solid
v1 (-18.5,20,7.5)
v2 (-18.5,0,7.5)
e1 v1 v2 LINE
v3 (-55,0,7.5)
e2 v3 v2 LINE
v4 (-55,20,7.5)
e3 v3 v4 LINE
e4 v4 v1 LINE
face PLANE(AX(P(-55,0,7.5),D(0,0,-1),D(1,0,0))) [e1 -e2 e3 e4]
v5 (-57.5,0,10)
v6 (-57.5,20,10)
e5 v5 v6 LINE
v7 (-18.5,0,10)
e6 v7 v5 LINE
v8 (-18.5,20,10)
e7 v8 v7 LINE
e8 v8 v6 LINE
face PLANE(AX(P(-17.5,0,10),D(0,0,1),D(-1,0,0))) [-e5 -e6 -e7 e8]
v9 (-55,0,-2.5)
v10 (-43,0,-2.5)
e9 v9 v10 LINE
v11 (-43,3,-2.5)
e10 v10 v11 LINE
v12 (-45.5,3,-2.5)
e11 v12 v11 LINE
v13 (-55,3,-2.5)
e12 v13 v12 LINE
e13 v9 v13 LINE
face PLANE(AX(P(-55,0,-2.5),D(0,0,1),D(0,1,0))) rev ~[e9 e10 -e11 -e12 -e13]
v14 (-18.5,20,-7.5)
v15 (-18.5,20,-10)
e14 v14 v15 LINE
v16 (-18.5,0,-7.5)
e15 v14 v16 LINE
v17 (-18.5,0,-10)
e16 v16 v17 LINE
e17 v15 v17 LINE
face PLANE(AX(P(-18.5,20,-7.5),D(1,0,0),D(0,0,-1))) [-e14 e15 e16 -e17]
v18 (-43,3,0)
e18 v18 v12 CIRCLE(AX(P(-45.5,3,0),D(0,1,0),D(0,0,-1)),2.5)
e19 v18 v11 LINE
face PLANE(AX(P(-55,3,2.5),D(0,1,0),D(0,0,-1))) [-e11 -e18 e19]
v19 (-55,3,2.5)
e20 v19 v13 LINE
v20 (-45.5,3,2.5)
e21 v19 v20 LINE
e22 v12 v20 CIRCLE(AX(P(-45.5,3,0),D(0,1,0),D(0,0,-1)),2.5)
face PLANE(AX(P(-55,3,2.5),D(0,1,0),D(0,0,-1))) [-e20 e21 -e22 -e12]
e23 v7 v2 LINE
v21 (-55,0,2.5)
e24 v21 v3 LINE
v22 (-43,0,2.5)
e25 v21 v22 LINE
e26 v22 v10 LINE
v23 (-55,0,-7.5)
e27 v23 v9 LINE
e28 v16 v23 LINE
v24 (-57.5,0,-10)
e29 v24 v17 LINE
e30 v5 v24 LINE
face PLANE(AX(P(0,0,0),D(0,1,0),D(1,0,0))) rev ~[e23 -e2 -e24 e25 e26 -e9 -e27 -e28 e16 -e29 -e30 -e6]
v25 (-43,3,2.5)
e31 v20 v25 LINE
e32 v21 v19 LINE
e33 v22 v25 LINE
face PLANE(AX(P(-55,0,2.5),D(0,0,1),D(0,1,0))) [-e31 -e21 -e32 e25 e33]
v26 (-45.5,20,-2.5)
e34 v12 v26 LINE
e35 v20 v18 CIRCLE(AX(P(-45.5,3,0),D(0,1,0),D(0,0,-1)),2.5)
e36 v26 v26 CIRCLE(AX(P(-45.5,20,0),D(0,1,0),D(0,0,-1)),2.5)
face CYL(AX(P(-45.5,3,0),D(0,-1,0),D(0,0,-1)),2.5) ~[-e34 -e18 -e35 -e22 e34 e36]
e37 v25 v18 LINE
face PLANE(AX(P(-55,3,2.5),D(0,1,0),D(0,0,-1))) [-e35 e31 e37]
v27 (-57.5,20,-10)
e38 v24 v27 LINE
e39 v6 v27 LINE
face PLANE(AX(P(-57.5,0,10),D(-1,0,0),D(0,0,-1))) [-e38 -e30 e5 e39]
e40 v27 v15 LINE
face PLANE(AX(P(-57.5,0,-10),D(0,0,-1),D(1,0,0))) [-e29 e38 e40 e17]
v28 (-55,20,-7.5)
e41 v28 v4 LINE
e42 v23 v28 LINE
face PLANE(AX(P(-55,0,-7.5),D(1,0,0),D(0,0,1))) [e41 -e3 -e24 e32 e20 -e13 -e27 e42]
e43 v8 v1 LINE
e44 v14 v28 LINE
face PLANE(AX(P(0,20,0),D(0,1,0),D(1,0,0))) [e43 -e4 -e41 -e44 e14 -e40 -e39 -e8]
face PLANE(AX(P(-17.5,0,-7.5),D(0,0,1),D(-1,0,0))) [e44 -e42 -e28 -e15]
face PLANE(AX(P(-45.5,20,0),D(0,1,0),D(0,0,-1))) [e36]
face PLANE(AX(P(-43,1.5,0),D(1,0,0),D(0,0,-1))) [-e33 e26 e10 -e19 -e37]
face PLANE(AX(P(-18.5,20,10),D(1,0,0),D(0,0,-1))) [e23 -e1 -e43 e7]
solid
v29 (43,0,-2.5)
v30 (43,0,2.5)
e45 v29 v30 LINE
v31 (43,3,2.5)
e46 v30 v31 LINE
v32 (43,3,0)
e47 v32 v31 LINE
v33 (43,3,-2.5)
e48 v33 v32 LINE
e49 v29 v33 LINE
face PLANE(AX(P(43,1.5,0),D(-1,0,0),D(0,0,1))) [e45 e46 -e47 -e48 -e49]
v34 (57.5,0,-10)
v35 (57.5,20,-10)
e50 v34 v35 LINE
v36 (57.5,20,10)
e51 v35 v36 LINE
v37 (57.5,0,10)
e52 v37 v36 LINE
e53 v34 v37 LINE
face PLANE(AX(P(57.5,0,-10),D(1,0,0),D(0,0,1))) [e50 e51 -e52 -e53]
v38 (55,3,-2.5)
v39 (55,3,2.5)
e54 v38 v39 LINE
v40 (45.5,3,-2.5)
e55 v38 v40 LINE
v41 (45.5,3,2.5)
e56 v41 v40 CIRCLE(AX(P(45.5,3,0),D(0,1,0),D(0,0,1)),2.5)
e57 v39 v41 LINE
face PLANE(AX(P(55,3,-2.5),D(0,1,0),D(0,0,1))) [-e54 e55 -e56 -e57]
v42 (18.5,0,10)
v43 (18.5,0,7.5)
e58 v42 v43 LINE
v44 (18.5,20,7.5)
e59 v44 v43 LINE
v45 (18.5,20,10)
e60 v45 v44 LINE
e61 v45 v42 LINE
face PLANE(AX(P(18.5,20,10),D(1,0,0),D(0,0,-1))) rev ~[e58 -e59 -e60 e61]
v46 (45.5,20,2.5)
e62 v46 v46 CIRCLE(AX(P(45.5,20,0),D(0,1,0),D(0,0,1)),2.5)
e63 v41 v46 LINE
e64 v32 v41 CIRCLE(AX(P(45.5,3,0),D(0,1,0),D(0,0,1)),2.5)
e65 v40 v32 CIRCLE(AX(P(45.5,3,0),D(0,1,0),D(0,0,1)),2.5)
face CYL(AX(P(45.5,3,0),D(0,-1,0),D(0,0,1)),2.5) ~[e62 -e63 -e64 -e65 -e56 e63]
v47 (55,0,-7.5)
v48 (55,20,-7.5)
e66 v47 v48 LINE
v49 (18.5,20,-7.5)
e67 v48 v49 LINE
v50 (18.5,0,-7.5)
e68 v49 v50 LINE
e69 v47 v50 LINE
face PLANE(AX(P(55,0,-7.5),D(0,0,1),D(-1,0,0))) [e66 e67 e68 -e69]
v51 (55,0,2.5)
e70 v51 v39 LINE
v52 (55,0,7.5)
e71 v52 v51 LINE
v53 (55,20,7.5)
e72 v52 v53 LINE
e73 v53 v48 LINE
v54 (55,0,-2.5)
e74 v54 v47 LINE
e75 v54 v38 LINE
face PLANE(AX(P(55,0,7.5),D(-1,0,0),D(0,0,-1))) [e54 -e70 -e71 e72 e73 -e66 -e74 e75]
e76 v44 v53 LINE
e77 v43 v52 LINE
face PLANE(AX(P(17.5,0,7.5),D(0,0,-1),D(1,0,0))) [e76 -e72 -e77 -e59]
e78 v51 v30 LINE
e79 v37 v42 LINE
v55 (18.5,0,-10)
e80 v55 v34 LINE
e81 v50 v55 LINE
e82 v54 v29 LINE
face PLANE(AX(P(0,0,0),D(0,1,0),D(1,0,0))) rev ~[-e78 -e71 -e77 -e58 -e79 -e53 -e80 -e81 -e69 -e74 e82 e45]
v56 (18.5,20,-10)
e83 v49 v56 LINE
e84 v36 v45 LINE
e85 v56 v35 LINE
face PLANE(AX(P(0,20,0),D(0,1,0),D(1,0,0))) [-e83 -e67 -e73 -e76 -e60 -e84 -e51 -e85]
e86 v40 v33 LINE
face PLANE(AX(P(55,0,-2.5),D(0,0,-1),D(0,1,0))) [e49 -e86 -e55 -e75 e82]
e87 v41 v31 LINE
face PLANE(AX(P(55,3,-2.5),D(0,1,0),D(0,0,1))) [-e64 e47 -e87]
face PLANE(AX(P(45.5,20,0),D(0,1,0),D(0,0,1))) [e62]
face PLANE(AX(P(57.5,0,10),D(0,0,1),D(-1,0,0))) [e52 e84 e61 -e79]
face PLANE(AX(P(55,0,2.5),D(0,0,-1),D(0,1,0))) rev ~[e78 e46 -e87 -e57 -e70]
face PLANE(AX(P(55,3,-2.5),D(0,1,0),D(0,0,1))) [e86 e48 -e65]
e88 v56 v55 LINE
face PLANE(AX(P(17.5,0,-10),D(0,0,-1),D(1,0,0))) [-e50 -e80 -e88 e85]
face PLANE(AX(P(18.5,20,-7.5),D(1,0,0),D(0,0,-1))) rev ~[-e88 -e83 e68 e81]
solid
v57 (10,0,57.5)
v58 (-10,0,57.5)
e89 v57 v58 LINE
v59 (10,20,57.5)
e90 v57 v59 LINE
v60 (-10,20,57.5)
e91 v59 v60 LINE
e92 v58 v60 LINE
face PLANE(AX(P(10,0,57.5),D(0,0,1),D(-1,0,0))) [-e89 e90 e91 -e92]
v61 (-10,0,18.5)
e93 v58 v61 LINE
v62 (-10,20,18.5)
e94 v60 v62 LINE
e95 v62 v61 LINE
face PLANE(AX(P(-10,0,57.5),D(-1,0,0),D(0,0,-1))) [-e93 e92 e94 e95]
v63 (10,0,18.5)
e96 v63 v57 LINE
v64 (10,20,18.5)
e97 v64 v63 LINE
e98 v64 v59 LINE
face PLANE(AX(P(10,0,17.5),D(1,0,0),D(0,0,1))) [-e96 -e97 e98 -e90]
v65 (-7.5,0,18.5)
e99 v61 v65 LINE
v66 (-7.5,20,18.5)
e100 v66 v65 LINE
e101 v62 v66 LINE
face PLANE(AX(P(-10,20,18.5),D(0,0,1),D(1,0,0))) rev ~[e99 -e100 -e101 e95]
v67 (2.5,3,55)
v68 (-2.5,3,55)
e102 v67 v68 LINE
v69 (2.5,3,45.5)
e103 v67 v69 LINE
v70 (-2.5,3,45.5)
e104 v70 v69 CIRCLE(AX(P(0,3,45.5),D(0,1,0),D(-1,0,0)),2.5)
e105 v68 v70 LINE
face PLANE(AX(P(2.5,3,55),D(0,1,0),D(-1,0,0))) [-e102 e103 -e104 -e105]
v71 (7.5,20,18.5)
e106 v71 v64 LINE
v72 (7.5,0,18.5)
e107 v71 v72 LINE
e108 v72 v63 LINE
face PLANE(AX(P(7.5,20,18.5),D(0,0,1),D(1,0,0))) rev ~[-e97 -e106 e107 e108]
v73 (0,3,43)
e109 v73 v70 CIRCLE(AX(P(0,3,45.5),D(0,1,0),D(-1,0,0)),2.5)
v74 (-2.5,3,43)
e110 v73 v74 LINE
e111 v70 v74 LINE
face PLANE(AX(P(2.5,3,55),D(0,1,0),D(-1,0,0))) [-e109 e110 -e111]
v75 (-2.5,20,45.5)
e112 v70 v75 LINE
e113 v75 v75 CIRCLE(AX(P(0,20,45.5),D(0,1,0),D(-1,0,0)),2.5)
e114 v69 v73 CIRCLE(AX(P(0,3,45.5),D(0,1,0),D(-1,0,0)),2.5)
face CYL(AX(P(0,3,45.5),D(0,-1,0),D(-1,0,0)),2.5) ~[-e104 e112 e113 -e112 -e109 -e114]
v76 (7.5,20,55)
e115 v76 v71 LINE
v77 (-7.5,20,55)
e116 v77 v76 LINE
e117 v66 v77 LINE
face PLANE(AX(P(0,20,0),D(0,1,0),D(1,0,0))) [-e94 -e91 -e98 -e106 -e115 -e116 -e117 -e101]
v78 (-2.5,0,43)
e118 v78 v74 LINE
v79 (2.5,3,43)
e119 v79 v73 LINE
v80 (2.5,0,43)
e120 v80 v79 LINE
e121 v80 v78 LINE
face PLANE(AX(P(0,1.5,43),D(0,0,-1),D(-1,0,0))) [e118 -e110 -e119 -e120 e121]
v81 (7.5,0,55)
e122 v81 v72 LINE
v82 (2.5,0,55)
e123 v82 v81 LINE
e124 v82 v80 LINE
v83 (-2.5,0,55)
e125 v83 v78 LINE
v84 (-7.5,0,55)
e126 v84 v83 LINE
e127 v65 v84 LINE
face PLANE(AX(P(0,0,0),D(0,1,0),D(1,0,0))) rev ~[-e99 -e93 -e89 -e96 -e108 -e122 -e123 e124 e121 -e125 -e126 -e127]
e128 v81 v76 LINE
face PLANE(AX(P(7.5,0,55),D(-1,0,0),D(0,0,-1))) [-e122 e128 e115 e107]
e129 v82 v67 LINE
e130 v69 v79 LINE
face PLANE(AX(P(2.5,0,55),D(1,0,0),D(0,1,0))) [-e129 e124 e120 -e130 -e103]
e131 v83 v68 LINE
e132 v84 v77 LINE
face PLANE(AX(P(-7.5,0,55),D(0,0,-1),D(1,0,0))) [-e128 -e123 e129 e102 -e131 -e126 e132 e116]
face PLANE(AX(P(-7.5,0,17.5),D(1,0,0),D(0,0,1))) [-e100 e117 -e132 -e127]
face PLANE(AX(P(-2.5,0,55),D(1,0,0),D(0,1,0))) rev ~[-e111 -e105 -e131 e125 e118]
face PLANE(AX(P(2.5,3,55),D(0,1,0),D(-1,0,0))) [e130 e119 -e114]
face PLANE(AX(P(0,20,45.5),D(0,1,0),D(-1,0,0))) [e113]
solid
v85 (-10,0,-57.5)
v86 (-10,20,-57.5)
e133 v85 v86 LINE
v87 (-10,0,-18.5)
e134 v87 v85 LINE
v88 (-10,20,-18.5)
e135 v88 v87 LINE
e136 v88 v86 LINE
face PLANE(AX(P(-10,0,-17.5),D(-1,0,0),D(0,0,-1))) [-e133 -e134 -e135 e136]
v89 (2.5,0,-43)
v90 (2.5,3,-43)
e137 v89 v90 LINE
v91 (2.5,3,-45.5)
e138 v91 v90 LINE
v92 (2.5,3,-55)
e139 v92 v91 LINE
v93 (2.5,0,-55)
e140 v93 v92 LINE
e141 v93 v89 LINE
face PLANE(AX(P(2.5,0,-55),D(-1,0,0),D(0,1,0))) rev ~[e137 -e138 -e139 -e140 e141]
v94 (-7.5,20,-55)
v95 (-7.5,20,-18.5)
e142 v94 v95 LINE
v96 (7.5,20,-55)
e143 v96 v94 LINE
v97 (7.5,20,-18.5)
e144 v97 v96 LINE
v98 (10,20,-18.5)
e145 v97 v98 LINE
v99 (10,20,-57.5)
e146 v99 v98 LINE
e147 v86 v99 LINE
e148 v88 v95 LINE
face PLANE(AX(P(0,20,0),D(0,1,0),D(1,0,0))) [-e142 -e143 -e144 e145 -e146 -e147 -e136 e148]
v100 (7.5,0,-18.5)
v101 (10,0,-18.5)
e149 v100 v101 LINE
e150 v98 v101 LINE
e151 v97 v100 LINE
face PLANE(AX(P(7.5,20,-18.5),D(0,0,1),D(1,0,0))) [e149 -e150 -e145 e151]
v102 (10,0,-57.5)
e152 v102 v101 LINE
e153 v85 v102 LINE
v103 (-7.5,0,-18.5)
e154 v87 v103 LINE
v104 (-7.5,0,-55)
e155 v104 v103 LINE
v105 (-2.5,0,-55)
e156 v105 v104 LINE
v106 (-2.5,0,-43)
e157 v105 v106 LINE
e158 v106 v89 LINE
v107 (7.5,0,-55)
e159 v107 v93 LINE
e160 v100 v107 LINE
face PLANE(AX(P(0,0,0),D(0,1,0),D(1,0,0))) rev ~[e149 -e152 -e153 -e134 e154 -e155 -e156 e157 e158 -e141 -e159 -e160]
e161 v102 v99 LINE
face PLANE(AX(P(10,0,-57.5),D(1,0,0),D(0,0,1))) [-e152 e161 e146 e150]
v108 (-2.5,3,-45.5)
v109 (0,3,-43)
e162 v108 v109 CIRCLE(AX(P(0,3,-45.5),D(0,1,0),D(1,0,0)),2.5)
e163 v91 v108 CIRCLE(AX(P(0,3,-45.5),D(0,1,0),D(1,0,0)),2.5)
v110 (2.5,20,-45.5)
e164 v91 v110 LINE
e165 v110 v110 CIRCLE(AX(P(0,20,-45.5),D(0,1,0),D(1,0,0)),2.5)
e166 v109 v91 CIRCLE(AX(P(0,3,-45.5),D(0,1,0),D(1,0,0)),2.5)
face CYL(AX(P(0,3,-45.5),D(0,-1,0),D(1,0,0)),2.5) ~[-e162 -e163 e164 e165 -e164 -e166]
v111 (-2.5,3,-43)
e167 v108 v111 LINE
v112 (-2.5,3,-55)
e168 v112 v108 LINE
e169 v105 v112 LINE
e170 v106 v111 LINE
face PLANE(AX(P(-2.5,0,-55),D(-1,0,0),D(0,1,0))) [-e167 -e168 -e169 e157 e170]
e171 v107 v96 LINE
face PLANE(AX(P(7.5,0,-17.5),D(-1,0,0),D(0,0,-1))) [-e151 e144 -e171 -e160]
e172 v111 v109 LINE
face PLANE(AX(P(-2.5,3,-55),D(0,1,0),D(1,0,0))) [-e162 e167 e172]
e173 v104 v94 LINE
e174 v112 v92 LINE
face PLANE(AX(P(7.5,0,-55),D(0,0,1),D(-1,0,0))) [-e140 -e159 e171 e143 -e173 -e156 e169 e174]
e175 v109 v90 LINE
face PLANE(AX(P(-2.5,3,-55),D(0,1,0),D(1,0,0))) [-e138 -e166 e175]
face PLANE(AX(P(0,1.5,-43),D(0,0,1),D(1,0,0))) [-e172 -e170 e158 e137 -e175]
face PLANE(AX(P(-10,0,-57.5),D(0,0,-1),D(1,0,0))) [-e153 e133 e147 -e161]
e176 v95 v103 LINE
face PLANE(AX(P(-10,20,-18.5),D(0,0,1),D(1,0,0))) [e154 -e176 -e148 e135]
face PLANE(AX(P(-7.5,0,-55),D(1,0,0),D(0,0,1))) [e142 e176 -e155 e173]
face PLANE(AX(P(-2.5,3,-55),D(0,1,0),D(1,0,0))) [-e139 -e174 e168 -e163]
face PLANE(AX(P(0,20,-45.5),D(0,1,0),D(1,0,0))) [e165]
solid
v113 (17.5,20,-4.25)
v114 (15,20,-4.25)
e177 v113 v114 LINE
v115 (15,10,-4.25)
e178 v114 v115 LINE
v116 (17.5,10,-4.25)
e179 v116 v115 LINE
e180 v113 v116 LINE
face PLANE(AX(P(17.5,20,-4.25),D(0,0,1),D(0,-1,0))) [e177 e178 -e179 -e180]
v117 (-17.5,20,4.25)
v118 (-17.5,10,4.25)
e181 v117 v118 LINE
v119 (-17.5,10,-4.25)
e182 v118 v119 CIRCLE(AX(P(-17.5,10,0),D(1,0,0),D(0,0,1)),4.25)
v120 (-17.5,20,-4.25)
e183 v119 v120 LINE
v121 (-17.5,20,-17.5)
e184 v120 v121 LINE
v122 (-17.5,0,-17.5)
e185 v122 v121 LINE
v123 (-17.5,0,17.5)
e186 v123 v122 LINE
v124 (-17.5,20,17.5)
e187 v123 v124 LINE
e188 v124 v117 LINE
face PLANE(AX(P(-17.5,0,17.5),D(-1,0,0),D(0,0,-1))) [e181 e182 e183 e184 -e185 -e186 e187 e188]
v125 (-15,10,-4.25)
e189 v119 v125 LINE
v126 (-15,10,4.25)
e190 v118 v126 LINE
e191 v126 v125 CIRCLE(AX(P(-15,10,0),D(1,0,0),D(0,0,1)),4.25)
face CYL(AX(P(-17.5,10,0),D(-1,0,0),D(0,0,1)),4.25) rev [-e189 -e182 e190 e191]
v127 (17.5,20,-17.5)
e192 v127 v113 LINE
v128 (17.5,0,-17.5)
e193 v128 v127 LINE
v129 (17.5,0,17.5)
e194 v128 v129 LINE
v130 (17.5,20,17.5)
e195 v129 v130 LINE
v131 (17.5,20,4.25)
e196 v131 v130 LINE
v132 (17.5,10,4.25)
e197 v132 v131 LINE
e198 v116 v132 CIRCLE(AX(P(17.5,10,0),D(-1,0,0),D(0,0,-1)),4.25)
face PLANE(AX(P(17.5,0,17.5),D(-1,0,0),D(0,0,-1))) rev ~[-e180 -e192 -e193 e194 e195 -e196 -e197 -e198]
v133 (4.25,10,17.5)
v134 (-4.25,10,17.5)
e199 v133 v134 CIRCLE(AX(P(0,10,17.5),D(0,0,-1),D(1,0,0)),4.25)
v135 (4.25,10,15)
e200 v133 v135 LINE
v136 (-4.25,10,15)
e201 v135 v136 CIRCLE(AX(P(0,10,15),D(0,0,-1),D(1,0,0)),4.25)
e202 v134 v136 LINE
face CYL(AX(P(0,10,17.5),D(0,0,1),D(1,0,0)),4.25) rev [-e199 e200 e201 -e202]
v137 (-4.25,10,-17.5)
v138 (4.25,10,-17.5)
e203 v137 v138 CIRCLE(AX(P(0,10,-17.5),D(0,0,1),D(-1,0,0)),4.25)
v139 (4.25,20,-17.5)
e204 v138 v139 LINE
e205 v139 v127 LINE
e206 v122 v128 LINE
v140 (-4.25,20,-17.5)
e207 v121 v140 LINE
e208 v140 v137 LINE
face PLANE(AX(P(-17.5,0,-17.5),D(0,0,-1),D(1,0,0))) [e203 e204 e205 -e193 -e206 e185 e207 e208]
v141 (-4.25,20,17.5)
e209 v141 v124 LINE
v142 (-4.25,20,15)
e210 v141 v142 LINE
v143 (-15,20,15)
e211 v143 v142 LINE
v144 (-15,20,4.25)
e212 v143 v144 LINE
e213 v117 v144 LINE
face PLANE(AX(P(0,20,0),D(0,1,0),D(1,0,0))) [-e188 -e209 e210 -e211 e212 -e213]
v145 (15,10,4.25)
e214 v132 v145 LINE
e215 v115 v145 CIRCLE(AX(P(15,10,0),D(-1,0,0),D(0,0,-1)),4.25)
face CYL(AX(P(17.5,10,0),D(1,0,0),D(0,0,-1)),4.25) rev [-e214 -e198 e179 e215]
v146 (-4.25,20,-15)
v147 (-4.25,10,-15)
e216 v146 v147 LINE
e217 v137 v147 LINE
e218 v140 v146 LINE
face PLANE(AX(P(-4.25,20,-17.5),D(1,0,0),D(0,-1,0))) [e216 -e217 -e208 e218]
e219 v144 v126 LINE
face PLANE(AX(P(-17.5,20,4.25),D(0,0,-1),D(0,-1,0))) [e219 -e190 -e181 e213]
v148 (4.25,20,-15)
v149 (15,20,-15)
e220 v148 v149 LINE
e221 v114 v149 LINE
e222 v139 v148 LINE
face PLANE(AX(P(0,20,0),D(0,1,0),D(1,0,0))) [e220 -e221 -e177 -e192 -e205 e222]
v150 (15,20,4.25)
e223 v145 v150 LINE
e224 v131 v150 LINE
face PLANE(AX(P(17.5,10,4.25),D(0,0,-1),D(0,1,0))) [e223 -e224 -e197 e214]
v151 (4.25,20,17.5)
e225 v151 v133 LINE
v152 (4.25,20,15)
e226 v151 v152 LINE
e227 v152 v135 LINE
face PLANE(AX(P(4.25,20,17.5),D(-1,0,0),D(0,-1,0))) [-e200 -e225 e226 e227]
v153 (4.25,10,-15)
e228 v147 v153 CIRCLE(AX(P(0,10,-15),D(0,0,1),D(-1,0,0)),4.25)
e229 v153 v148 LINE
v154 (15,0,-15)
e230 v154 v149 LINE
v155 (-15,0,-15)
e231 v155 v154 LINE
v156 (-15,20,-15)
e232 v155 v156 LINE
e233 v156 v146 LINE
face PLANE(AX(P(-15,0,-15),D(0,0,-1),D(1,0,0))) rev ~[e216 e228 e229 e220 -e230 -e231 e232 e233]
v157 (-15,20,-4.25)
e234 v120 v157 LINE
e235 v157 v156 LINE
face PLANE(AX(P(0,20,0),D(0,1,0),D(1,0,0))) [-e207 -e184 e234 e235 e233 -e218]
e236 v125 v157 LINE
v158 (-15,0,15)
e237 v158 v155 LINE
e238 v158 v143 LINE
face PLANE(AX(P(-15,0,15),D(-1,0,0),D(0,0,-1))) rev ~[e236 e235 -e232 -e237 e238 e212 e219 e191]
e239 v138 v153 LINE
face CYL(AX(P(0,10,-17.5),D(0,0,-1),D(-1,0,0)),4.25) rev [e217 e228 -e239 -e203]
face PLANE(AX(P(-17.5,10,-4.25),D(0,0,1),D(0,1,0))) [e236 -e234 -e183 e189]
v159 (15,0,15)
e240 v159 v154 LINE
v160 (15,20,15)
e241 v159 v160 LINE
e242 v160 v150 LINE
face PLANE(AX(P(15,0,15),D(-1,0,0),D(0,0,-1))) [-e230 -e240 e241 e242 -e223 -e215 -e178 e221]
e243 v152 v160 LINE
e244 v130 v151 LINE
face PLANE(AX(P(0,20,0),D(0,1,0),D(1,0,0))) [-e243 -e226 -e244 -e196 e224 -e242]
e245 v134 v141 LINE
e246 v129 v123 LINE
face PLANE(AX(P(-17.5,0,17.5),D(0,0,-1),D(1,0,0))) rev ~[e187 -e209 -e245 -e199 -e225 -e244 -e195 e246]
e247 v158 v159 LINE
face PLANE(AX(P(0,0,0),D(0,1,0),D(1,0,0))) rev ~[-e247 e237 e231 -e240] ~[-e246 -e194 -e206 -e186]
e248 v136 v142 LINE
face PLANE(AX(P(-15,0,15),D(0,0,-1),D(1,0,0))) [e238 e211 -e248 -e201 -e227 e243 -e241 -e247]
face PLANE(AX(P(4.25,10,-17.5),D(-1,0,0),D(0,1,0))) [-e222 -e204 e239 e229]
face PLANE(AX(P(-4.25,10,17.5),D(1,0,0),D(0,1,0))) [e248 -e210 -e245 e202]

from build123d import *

# Parameters (mm, degrees)
SKETCH1_W           = 35
SKETCH1_H           = 35
SKETCH1_W_2         = 30
SKETCH1_H_2         = 30
BOSS_EXTRUDE1_DEPTH = 20
CUT_EXTRUDE1_DEPTH  = 2.5
CIRPATTERN1_COUNT   = 4
BOSS_EXTRUDE2_DEPTH = 20
SKETCH6_W           = 5
SKETCH6_H           = 3
BOSS_EXTRUDE3_DEPTH = 12
SKETCH7_R           = 2.5
BOSS_EXTRUDE4_DEPTH = 17
CIRPATTERN6_COUNT   = 4
SKETCH8_W           = 2.5
SKETCH8_H           = 1
SKETCH8_W_2         = 1
SKETCH8_H_2         = 2.5
CUT_EXTRUDE4_DEPTH  = 21


with BuildPart() as part:
    # Sketch1 → Boss-Extrude1 (new body)
    with BuildSketch(Plane(origin=(0, 0, 0), x_dir=(1, 0, 0), z_dir=(0, 1, 0))):
        Rectangle(SKETCH1_W, SKETCH1_H)
        Rectangle(SKETCH1_W_2, SKETCH1_H_2, mode=Mode.SUBTRACT)
    extrude(amount=BOSS_EXTRUDE1_DEPTH)

    # Sketch2 → Cut-Extrude1 (cut)
    with BuildSketch(Plane.ZY.offset(17.5)):
        with BuildLine():
            Line((-4.25, 10), (-4.25, 20))
            Line((-4.25, 20), (4.25, 20))
            Line((4.25, 20), (4.25, 10))
            ThreePointArc((4.25, 10), (0, 5.75), (-4.25, 10))
        make_face()
    cut_extrude1 = extrude(amount=-CUT_EXTRUDE1_DEPTH, mode=Mode.SUBTRACT)

    # CirPattern1: Cut-Extrude1 ×4 about axis
    cirpattern1_axis = Axis((0, 0, 0), (0, 1, 0))
    for i in range(1, CIRPATTERN1_COUNT):
        add(cut_extrude1.rotate(cirpattern1_axis, i * 360 / CIRPATTERN1_COUNT), mode=Mode.SUBTRACT)

    # Sketch5 → Boss-Extrude2 (add)
    with BuildSketch(Plane(origin=(0, 0, 0), x_dir=(1, 0, 0), z_dir=(0, 1, 0))):
        Polygon((7.5, 17.5), (7.5, 55), (-7.5, 55), (-7.5, 17.5), (-10, 17.5), (-10, 57.5), (10, 57.5), (10, 17.5), align=None)
    boss_extrude2 = extrude(amount=BOSS_EXTRUDE2_DEPTH)

    # Sketch6 → Boss-Extrude3 (add)
    with BuildSketch(Plane.XY.offset(-55)):
        with Locations((0, 1.5)):
            Rectangle(SKETCH6_W, SKETCH6_H)
    boss_extrude3 = extrude(amount=BOSS_EXTRUDE3_DEPTH)

    # Sketch7 → Boss-Extrude4 (add)
    with BuildSketch(Plane(origin=(0, 3, 0), x_dir=(1, 0, 0), z_dir=(0, 1, 0))):
        with Locations((0, 45.5)):
            Circle(SKETCH7_R)
    boss_extrude4 = extrude(amount=BOSS_EXTRUDE4_DEPTH)

    # CirPattern6: Boss-Extrude2, Boss-Extrude3, Boss-Extrude4 ×4 about axis
    cirpattern6_axis = Axis((0, 0, 0), (0, 1, 0))
    for i in range(1, CIRPATTERN6_COUNT):
        add(boss_extrude2.rotate(cirpattern6_axis, i * 360 / CIRPATTERN6_COUNT))
        add(boss_extrude3.rotate(cirpattern6_axis, i * 360 / CIRPATTERN6_COUNT))
        add(boss_extrude4.rotate(cirpattern6_axis, i * 360 / CIRPATTERN6_COUNT))

    # Sketch8 → Cut-Extrude4 (cut, through all)
    with BuildSketch(Plane(origin=(0, 20, 0), x_dir=(1, 0, 0), z_dir=(0, 1, 0))):
        with Locations((8.75, 18)):
            Rectangle(SKETCH8_W, SKETCH8_H)
        with Locations((-8.75, 18)):
            Rectangle(SKETCH8_W, SKETCH8_H)
        with Locations((18, -8.75)):
            Rectangle(SKETCH8_W_2, SKETCH8_H_2)
        with Locations((18, 8.75)):
            Rectangle(SKETCH8_W_2, SKETCH8_H_2)
        with Locations((-8.75, -18)):
            Rectangle(SKETCH8_W, SKETCH8_H)
        with Locations((8.75, -18)):
            Rectangle(SKETCH8_W, SKETCH8_H)
        with Locations((-18, 8.75)):
            Rectangle(SKETCH8_W_2, SKETCH8_H_2)
        with Locations((-18, -8.75)):
            Rectangle(SKETCH8_W_2, SKETCH8_H_2)
    extrude(amount=-CUT_EXTRUDE4_DEPTH, mode=Mode.SUBTRACT)


solid = part.part
